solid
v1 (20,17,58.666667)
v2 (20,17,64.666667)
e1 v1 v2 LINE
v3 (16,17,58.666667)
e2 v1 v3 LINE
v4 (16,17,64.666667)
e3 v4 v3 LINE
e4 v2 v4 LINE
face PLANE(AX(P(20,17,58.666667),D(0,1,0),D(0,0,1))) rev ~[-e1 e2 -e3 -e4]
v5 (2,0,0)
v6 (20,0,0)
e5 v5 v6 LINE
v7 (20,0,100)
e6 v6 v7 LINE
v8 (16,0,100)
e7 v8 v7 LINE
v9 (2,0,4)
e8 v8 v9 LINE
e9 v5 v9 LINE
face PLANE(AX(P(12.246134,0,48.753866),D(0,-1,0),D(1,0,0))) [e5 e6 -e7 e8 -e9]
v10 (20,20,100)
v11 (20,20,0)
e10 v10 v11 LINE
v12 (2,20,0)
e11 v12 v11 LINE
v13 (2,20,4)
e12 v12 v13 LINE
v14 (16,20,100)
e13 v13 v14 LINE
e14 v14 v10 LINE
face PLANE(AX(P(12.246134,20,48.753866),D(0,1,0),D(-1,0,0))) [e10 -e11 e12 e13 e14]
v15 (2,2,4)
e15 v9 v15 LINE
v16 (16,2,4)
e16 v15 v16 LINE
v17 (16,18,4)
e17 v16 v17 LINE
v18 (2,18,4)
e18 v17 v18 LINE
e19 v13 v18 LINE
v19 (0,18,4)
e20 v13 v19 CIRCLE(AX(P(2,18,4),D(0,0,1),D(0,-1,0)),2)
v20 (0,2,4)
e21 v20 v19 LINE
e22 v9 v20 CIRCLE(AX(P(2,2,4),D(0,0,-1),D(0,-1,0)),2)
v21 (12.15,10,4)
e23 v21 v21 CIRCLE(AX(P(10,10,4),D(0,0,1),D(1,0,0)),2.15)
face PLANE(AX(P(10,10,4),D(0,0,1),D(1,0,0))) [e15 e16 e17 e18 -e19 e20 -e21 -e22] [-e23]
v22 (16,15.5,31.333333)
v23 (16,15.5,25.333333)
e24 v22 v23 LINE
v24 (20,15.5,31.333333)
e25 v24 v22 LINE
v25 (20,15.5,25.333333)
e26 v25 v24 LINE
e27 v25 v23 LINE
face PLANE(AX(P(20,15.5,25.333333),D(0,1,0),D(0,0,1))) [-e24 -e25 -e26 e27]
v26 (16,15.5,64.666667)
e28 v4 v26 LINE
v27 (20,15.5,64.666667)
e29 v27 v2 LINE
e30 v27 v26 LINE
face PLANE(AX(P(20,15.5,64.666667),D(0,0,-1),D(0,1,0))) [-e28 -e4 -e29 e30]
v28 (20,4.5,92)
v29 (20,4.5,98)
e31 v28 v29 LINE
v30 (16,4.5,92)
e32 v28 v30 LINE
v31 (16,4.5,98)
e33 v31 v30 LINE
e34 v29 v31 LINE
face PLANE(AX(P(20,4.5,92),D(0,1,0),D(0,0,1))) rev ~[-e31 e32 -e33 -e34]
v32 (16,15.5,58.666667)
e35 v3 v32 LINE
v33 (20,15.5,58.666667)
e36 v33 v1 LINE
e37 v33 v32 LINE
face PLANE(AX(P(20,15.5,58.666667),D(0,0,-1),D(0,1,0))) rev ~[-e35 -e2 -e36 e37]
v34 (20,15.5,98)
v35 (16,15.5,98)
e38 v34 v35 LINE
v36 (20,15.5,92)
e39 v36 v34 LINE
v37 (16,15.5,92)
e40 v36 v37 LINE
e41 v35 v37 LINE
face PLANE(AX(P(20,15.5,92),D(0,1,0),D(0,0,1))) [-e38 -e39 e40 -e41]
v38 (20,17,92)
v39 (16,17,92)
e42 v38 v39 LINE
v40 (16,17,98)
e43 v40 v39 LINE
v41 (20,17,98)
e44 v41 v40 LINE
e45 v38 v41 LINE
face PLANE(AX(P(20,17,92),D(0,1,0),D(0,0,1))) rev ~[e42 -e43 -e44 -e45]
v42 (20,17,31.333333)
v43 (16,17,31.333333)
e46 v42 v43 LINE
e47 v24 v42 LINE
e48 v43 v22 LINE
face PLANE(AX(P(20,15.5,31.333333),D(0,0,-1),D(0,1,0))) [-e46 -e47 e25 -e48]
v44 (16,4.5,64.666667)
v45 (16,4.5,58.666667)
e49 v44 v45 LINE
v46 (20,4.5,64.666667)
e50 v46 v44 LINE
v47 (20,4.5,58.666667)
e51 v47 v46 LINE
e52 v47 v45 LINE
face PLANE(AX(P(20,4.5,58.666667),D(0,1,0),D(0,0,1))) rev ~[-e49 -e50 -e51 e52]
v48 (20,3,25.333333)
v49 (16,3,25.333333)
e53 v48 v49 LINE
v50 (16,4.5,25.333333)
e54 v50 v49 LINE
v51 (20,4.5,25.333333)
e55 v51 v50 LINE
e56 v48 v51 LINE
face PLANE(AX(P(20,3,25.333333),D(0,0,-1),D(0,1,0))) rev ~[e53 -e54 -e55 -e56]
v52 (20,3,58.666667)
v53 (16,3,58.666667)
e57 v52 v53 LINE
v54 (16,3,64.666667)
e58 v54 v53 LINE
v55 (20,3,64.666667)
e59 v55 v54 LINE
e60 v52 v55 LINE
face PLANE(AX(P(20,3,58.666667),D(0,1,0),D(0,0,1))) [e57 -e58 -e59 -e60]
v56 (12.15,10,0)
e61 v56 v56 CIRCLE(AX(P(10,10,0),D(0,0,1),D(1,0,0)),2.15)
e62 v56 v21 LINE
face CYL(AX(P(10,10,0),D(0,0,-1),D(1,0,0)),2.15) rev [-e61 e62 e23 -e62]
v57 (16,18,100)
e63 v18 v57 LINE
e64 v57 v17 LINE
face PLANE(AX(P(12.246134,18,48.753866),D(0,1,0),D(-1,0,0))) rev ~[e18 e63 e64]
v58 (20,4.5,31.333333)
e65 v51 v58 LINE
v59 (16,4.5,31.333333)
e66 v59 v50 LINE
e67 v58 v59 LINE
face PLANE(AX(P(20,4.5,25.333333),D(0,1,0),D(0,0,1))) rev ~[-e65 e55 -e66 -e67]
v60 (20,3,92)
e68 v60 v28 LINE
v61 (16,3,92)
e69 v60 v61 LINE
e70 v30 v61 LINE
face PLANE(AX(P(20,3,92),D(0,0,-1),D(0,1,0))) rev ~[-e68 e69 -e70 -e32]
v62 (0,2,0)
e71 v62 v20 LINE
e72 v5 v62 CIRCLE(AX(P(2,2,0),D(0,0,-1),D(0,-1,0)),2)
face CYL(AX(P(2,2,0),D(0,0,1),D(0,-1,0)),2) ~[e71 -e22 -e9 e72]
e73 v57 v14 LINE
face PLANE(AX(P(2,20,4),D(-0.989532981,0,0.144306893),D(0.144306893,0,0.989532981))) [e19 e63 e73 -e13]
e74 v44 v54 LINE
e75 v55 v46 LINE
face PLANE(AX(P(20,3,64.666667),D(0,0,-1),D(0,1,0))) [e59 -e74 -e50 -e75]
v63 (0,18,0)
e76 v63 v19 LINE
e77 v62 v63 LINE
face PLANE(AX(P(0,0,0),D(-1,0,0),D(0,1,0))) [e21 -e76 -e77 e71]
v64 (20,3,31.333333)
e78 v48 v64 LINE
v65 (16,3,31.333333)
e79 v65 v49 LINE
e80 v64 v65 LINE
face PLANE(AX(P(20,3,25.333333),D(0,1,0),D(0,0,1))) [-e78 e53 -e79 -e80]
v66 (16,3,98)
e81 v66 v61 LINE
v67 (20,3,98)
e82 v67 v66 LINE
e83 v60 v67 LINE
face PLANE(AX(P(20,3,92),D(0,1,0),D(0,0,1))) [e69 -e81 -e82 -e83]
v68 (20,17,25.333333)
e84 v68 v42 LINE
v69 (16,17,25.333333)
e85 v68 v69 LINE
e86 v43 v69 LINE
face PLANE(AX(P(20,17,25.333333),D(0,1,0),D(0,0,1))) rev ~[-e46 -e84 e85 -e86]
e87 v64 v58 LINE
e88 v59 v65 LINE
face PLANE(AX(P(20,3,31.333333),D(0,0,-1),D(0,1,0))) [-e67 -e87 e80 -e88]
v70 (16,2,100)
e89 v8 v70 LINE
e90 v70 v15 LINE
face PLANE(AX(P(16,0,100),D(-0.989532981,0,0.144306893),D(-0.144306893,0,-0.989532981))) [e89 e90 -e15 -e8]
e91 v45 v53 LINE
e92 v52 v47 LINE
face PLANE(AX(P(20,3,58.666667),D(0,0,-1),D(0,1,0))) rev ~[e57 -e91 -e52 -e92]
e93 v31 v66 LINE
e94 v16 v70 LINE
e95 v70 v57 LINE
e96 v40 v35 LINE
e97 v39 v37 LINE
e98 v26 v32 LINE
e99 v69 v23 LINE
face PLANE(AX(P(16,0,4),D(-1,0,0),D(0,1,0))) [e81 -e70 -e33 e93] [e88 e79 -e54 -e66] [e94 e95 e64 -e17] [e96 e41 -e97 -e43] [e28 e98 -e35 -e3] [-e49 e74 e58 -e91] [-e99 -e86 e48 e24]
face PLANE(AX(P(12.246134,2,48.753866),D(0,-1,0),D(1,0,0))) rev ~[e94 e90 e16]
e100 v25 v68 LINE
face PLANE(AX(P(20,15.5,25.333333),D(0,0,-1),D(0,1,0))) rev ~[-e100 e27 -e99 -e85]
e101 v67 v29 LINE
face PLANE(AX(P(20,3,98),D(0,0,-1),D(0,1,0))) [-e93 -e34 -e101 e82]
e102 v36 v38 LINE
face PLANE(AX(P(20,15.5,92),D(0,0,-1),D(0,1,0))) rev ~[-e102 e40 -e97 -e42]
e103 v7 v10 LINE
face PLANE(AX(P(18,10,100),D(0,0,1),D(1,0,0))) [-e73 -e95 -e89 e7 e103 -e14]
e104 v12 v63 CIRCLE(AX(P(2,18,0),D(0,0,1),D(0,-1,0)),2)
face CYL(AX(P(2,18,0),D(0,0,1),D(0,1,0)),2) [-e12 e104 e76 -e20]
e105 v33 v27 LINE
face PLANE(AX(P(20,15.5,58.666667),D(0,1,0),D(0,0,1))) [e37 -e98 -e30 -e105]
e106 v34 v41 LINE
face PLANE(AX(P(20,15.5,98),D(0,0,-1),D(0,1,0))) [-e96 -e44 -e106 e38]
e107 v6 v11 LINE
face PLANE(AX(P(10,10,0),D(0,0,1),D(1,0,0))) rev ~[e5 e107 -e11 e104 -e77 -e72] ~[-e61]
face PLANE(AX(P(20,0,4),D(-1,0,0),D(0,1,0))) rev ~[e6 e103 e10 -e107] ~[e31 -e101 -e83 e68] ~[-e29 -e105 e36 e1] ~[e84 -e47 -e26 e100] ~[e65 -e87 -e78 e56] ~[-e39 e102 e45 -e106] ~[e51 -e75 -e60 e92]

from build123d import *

# Parameters (mm, degrees)
F0_W      = 20
F0_H      = 20
F0_R      = 2.15
F1_DEPTH  = 4
F2_W      = 4
F2_H      = 20
F3_DEPTH  = 96
F4_W      = 1.5
F4_H      = 6
F5_DEPTH  = 20.001
F6_R      = 2
F8_DEPTH  = 2
F10_DEPTH = 2


with BuildPart() as f1:
    # F0 (on Top) → F1 (new body)
    with BuildSketch(Plane.XY):
        with Locations((10, 10)):
            Rectangle(F0_W, F0_H)
        with Locations((10, 10)):
            Circle(F0_R, mode=Mode.SUBTRACT)
    extrude(amount=F1_DEPTH)

    # F2 (on face) → F3 (join)
    with BuildSketch(Plane.XY.offset(4)):
        with Locations((18, 10)):
            Rectangle(F2_W, F2_H)
    extrude(amount=F3_DEPTH)

    # F4 (on face) → F5 (cut, through all)
    with BuildSketch(Plane.YZ.offset(20)):
        with Locations((3.75, 95)):
            Rectangle(F4_W, F4_H)
        with Locations((16.25, 95)):
            Rectangle(F4_W, F4_H)
        with Locations((3.75, 61.666667)):
            Rectangle(F4_W, F4_H)
        with Locations((16.25, 61.666667)):
            Rectangle(F4_W, F4_H)
        with Locations((3.75, 28.333333)):
            Rectangle(F4_W, F4_H)
        with Locations((16.25, 28.333333)):
            Rectangle(F4_W, F4_H)
    extrude(amount=-F5_DEPTH, mode=Mode.SUBTRACT)

    # F6
    f6_edges = [f1.edges().sort_by_distance(p)[0] for p in [
        (0, 0, 2),
        (0, 20, 2),
    ]]
    fillet(f6_edges, radius=F6_R)

    # F7 (on face) → F8 (join)
    with BuildSketch(Plane.XZ):
        Polygon((16, 4), (16, 100), (2, 4), align=None)
    extrude(amount=-F8_DEPTH)

    # F9 (on face) → F10 (join)
    with BuildSketch(Plane(origin=(0, 20, 0), x_dir=(-1, 0, 0), z_dir=(0, 1, 0))):
        Polygon((-16, 4), (-2, 4), (-16, 100), align=None)
    extrude(amount=-F10_DEPTH)


solid = f1.part
